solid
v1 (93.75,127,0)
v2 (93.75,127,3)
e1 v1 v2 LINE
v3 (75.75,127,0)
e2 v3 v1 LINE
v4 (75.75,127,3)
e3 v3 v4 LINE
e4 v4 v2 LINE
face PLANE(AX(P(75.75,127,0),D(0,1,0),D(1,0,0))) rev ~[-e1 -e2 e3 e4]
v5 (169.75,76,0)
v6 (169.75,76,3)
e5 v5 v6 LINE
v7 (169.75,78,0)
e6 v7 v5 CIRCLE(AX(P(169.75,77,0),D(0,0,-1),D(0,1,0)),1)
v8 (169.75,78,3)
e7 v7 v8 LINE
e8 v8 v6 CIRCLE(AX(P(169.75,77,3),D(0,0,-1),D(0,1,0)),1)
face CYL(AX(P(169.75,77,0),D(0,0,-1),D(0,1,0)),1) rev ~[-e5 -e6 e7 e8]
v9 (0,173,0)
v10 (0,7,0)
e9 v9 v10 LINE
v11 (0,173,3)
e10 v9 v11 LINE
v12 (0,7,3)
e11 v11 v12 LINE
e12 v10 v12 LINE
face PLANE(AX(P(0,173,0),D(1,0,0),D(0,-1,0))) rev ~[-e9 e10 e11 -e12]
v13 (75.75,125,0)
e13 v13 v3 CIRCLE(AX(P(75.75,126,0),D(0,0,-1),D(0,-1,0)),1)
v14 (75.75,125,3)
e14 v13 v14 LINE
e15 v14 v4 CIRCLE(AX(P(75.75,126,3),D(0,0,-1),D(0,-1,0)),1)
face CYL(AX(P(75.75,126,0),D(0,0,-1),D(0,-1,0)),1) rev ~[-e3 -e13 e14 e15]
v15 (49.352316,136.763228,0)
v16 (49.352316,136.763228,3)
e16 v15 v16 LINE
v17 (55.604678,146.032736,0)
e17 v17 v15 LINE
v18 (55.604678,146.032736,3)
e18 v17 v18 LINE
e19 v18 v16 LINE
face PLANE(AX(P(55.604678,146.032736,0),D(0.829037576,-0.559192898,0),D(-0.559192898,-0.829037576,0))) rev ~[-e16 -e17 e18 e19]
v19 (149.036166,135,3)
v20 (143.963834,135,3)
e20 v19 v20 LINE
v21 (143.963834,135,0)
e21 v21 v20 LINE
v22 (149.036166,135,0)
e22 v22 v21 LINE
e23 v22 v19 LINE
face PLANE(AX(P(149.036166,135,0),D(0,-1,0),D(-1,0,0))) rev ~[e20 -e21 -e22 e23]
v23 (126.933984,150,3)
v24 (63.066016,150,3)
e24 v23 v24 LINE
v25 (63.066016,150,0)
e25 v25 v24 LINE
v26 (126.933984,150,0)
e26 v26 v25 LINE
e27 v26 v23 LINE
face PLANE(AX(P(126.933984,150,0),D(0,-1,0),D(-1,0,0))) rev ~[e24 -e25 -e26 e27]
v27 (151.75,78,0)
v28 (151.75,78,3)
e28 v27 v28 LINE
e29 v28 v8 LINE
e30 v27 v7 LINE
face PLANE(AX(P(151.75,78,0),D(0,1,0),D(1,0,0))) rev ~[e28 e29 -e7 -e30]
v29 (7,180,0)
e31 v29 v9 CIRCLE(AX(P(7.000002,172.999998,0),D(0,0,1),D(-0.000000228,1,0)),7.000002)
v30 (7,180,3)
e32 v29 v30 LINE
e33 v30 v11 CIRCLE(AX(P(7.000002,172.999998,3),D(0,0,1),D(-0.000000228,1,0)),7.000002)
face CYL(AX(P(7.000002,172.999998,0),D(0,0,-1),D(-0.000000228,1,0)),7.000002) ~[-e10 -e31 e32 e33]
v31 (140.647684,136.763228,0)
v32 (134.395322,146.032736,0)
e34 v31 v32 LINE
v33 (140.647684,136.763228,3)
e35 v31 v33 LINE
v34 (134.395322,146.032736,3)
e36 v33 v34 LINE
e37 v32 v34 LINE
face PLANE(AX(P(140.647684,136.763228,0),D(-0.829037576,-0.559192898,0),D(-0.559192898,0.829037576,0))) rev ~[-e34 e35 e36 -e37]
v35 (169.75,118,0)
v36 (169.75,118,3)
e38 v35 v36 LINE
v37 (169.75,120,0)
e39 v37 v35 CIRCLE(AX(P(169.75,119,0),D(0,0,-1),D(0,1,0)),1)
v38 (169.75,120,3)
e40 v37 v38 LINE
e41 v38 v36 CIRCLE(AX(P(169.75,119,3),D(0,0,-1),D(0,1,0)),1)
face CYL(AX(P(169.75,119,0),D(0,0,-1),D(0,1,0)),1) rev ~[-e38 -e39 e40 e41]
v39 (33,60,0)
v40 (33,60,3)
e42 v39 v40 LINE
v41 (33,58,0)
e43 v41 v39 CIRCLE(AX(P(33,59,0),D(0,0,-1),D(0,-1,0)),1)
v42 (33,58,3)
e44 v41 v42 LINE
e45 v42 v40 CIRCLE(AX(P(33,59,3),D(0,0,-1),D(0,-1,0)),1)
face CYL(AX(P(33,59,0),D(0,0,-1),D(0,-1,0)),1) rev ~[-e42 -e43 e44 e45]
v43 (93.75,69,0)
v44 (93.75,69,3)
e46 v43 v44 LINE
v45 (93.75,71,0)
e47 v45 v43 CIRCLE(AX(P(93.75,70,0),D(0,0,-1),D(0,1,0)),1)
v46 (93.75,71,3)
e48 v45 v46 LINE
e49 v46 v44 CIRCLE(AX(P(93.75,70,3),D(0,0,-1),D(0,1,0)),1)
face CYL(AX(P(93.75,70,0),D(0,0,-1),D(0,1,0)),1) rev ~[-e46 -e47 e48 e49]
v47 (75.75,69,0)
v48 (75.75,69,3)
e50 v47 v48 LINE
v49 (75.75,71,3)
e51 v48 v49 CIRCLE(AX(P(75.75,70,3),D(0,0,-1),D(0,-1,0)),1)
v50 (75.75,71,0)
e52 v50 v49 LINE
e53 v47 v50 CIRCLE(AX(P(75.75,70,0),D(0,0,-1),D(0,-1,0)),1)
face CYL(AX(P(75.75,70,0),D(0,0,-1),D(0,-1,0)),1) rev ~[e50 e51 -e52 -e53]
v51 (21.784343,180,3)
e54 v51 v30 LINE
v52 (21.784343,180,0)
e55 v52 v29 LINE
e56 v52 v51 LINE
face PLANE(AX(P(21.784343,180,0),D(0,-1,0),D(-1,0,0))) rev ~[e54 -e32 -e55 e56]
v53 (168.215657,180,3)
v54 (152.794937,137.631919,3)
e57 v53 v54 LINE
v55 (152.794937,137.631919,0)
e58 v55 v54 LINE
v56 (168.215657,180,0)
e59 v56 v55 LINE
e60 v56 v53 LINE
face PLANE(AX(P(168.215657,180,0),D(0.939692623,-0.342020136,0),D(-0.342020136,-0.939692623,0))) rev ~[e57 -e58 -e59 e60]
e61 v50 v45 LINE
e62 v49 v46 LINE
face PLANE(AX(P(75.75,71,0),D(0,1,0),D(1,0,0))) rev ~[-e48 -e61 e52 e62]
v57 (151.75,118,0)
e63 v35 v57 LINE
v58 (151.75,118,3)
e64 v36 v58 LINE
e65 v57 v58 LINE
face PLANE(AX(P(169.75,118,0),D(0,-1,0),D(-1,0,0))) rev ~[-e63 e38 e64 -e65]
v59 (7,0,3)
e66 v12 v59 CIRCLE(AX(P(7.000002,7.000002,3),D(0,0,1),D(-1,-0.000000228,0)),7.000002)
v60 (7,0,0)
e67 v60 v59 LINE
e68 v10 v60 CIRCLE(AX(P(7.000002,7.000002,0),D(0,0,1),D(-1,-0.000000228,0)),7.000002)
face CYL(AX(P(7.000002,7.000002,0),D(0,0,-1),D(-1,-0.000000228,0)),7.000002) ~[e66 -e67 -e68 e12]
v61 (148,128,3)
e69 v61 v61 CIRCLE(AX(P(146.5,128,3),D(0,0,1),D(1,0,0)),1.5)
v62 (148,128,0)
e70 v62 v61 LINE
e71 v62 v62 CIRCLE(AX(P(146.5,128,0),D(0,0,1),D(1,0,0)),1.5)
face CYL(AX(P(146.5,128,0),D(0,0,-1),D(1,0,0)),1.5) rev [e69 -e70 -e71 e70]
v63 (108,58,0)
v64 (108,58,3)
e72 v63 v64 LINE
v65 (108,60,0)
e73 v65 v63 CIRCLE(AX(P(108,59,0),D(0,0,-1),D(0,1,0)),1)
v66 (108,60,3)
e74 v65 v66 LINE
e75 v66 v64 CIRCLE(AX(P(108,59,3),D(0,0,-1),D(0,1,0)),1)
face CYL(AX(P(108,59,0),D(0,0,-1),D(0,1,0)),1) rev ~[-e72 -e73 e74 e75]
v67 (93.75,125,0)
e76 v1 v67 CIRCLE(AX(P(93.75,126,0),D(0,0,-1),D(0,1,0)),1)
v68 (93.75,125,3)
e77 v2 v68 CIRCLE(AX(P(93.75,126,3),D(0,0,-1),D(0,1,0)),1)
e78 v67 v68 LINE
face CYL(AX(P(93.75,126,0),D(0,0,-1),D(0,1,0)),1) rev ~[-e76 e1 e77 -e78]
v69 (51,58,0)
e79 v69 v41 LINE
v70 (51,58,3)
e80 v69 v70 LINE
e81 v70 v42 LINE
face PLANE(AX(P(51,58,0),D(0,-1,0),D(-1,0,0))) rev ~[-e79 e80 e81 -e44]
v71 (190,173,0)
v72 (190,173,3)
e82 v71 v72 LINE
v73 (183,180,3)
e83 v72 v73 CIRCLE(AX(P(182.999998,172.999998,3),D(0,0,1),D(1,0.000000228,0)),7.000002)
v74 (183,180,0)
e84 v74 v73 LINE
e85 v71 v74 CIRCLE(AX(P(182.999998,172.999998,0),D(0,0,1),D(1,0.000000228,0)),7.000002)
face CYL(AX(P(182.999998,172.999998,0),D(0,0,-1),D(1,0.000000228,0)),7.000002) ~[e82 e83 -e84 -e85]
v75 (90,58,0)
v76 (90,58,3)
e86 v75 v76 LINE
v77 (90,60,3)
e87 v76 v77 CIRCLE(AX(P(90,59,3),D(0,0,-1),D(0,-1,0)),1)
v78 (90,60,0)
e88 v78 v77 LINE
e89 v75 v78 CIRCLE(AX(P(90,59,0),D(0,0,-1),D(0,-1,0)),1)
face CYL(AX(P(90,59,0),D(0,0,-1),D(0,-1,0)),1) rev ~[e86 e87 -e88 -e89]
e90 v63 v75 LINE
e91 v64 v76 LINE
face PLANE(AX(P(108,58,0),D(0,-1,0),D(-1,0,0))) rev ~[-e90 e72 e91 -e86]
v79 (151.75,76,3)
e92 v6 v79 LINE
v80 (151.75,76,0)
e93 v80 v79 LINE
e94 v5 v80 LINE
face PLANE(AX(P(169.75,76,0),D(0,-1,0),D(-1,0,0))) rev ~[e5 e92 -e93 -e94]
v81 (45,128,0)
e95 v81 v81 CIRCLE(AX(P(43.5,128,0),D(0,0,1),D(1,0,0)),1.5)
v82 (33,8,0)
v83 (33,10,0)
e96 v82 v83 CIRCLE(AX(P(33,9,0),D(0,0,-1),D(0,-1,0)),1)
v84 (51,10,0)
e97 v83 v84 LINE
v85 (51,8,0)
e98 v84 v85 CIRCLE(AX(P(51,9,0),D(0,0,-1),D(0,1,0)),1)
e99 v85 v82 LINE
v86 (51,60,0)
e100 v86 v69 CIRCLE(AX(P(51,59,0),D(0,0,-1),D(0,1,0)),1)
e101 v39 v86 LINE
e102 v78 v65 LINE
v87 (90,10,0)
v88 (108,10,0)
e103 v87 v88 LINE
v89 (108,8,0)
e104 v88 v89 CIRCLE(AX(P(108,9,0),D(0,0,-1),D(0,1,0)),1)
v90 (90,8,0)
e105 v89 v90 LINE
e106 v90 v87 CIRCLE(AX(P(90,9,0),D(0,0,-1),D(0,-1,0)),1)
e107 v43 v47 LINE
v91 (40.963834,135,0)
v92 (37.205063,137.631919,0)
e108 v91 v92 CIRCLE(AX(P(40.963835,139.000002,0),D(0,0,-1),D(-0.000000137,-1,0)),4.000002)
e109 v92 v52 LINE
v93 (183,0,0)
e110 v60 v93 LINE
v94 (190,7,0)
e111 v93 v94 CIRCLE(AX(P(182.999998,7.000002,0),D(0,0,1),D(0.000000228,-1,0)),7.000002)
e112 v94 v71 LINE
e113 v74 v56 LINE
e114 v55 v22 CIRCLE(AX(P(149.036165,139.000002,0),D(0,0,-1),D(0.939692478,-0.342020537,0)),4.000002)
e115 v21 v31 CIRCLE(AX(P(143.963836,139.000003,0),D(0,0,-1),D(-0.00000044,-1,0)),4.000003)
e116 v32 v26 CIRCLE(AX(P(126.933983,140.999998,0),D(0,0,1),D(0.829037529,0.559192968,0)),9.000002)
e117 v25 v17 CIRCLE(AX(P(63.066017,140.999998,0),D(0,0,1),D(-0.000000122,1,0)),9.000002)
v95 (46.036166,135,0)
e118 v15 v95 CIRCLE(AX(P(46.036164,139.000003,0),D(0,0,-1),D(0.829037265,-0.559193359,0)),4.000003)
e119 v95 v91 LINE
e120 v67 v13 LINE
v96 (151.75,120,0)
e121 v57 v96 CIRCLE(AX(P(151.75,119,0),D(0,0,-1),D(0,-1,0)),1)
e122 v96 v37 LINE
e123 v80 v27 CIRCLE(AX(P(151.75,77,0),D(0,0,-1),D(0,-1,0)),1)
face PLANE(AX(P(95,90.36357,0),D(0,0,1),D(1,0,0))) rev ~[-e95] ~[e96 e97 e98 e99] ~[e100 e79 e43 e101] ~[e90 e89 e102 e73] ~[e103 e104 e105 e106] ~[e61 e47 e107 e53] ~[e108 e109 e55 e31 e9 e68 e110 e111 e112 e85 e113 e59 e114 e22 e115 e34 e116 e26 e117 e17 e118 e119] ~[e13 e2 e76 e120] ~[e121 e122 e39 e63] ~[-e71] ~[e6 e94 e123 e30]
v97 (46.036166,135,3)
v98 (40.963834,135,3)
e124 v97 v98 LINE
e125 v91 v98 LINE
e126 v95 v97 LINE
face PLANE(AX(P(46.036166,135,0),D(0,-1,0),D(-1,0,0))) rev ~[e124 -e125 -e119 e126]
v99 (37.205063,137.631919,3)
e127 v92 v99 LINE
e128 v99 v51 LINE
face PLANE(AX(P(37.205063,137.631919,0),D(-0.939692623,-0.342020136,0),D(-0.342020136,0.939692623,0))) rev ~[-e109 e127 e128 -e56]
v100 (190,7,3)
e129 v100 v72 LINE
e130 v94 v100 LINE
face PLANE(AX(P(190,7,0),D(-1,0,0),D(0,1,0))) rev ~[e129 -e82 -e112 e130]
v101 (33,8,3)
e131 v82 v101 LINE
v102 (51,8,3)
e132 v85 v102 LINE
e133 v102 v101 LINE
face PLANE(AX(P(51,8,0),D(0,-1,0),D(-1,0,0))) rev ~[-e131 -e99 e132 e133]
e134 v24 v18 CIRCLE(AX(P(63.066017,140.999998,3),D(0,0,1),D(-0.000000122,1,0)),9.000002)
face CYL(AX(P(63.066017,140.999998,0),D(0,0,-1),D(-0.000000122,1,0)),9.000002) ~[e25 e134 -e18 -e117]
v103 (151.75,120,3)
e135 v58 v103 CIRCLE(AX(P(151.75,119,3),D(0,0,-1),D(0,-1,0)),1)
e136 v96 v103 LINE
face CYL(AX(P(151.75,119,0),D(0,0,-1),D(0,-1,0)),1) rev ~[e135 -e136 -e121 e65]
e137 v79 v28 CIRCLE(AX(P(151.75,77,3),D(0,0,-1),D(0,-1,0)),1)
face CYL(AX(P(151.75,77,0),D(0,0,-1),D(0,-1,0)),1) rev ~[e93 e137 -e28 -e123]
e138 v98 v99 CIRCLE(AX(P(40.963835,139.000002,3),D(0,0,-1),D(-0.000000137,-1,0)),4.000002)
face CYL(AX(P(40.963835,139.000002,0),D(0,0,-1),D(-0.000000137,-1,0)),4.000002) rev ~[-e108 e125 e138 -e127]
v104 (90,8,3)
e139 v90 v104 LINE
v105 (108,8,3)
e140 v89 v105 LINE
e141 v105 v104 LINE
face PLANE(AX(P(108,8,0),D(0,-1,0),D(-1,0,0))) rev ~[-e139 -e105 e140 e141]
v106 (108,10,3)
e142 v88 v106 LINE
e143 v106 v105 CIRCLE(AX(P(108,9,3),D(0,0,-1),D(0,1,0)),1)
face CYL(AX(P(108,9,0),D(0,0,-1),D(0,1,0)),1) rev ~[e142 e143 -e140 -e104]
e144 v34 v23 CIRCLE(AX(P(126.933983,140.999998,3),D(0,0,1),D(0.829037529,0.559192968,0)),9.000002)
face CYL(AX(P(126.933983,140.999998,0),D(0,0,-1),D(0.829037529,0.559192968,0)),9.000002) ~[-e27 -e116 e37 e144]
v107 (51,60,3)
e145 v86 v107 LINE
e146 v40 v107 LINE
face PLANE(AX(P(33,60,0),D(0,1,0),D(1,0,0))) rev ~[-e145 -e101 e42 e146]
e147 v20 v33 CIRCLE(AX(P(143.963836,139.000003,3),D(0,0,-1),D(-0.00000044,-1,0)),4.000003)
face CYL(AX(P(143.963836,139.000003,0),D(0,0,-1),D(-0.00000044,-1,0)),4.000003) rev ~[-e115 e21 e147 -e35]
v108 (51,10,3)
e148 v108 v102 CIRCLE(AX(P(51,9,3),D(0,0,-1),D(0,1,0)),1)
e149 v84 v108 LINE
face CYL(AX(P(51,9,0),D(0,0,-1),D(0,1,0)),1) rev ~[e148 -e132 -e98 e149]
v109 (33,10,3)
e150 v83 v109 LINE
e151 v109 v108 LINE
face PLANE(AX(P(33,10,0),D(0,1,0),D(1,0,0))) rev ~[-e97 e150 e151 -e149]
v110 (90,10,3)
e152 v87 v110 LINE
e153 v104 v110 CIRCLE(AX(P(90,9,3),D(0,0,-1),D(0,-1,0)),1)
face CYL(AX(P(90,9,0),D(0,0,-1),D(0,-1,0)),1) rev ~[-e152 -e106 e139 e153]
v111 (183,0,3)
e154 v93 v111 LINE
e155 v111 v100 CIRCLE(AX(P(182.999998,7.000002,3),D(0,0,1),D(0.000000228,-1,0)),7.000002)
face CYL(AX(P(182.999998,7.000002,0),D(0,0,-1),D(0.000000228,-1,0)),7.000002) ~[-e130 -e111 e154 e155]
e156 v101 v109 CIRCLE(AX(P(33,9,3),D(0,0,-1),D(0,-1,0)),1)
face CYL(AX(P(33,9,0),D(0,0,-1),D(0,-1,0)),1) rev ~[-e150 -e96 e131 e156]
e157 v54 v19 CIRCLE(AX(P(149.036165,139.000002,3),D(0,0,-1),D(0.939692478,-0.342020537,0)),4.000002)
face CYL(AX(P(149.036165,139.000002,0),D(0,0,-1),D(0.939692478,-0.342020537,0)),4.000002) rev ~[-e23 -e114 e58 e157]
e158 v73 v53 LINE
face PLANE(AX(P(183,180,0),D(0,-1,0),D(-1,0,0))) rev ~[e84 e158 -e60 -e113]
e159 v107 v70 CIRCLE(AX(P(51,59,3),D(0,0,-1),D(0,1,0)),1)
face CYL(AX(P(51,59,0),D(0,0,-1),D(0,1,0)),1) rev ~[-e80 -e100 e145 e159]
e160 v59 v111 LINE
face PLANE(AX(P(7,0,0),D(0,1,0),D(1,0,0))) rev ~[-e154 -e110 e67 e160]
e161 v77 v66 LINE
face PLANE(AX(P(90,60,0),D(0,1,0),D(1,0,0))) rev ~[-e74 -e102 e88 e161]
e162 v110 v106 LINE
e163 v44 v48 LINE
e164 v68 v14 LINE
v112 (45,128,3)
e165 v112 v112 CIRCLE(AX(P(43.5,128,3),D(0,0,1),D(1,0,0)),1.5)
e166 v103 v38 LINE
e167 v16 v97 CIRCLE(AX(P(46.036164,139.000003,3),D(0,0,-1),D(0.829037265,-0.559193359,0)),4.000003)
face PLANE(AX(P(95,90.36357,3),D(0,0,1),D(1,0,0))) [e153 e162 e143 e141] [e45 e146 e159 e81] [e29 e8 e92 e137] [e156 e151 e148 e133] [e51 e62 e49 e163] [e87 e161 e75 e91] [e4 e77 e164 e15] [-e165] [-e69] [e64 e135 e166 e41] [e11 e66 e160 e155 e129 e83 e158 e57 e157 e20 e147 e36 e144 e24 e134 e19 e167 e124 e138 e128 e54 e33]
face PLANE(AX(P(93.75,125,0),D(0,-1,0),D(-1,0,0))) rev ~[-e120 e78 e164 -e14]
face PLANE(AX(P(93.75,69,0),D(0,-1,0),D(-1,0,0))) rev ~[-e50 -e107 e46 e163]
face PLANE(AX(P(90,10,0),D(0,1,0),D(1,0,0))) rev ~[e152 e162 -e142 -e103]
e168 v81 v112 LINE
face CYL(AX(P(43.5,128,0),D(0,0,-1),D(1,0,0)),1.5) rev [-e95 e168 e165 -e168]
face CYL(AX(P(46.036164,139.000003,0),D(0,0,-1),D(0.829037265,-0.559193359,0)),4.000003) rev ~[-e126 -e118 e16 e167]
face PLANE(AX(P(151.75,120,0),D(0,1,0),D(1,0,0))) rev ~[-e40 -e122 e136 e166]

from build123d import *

# Parameters (mm, degrees)
F0_R     = 1.5
F1_DEPTH = 3


with BuildPart() as f1:
    # F0 (on Top) → F1 (new body)
    with BuildSketch(Plane.XY):
        with BuildLine():
            Line((0, 173), (0, 7))
            ThreePointArc((0, 7), (2.050253, 2.050253), (7, 0))
            Line((7, 0), (95, 0))
            Line((95, 0), (183, 0))
            ThreePointArc((183, 0), (187.949747, 2.050253), (190, 7))
            Line((190, 7), (190, 173))
            ThreePointArc((190, 173), (187.949747, 177.949747), (183, 180))
            Line((183, 180), (168.215657, 180))
            Line((168.215657, 180), (152.794937, 137.631919))
            ThreePointArc((152.794937, 137.631919), (151.330472, 135.723392), (149.036166, 135))
            Line((149.036166, 135), (143.963834, 135))
            ThreePointArc((143.963834, 135), (142.085948, 135.46821), (140.647684, 136.763228))
            Line((140.647684, 136.763228), (134.395322, 146.032736))
            ThreePointArc((134.395322, 146.032736), (131.159228, 148.946528), (126.933984, 150))
            Line((126.933984, 150), (95, 150))
            Line((95, 150), (63.066016, 150))
            ThreePointArc((63.066016, 150), (58.840772, 148.946528), (55.604678, 146.032736))
            Line((55.604678, 146.032736), (49.352316, 136.763228))
            ThreePointArc((49.352316, 136.763228), (47.914052, 135.46821), (46.036166, 135))
            Line((46.036166, 135), (40.963834, 135))
            ThreePointArc((40.963834, 135), (38.669528, 135.723392), (37.205063, 137.631919))
            Line((37.205063, 137.631919), (21.784343, 180))
            Line((21.784343, 180), (7, 180))
            ThreePointArc((7, 180), (2.050253, 177.949747), (0, 173))
        make_face()
        with BuildLine():
            Line((51, 8), (33, 8))
            ThreePointArc((33, 8), (32, 9), (33, 10))
            Line((33, 10), (51, 10))
            ThreePointArc((51, 10), (52, 9), (51, 8))
        make_face(mode=Mode.SUBTRACT)
        with BuildLine():
            Line((51, 58), (33, 58))
            ThreePointArc((33, 58), (32, 59), (33, 60))
            Line((33, 60), (51, 60))
            ThreePointArc((51, 60), (52, 59), (51, 58))
        make_face(mode=Mode.SUBTRACT)
        with BuildLine():
            Line((93.75, 69), (75.75, 69))
            ThreePointArc((75.75, 69), (74.75, 70), (75.75, 71))
            Line((75.75, 71), (93.75, 71))
            ThreePointArc((93.75, 71), (94.75, 70), (93.75, 69))
        make_face(mode=Mode.SUBTRACT)
        with BuildLine():
            Line((108, 8), (90, 8))
            ThreePointArc((90, 8), (89, 9), (90, 10))
            Line((90, 10), (108, 10))
            ThreePointArc((108, 10), (109, 9), (108, 8))
        make_face(mode=Mode.SUBTRACT)
        with BuildLine():
            Line((108, 58), (90, 58))
            ThreePointArc((90, 58), (89, 59), (90, 60))
            Line((90, 60), (108, 60))
            ThreePointArc((108, 60), (109, 59), (108, 58))
        make_face(mode=Mode.SUBTRACT)
        with BuildLine():
            Line((169.75, 76), (151.75, 76))
            ThreePointArc((151.75, 76), (150.75, 77), (151.75, 78))
            Line((151.75, 78), (169.75, 78))
            ThreePointArc((169.75, 78), (170.75, 77), (169.75, 76))
        make_face(mode=Mode.SUBTRACT)
        with Locations((43.5, 128)):
            Circle(F0_R, mode=Mode.SUBTRACT)
        with BuildLine():
            Line((93.75, 125), (75.75, 125))
            ThreePointArc((75.75, 125), (74.75, 126), (75.75, 127))
            Line((75.75, 127), (93.75, 127))
            ThreePointArc((93.75, 127), (94.75, 126), (93.75, 125))
        make_face(mode=Mode.SUBTRACT)
        with BuildLine():
            Line((169.75, 118), (151.75, 118))
            ThreePointArc((151.75, 118), (150.75, 119), (151.75, 120))
            Line((151.75, 120), (169.75, 120))
            ThreePointArc((169.75, 120), (170.75, 119), (169.75, 118))
        make_face(mode=Mode.SUBTRACT)
        with Locations((146.5, 128)):
            Circle(F0_R, mode=Mode.SUBTRACT)
    extrude(amount=F1_DEPTH)


solid = f1.part
